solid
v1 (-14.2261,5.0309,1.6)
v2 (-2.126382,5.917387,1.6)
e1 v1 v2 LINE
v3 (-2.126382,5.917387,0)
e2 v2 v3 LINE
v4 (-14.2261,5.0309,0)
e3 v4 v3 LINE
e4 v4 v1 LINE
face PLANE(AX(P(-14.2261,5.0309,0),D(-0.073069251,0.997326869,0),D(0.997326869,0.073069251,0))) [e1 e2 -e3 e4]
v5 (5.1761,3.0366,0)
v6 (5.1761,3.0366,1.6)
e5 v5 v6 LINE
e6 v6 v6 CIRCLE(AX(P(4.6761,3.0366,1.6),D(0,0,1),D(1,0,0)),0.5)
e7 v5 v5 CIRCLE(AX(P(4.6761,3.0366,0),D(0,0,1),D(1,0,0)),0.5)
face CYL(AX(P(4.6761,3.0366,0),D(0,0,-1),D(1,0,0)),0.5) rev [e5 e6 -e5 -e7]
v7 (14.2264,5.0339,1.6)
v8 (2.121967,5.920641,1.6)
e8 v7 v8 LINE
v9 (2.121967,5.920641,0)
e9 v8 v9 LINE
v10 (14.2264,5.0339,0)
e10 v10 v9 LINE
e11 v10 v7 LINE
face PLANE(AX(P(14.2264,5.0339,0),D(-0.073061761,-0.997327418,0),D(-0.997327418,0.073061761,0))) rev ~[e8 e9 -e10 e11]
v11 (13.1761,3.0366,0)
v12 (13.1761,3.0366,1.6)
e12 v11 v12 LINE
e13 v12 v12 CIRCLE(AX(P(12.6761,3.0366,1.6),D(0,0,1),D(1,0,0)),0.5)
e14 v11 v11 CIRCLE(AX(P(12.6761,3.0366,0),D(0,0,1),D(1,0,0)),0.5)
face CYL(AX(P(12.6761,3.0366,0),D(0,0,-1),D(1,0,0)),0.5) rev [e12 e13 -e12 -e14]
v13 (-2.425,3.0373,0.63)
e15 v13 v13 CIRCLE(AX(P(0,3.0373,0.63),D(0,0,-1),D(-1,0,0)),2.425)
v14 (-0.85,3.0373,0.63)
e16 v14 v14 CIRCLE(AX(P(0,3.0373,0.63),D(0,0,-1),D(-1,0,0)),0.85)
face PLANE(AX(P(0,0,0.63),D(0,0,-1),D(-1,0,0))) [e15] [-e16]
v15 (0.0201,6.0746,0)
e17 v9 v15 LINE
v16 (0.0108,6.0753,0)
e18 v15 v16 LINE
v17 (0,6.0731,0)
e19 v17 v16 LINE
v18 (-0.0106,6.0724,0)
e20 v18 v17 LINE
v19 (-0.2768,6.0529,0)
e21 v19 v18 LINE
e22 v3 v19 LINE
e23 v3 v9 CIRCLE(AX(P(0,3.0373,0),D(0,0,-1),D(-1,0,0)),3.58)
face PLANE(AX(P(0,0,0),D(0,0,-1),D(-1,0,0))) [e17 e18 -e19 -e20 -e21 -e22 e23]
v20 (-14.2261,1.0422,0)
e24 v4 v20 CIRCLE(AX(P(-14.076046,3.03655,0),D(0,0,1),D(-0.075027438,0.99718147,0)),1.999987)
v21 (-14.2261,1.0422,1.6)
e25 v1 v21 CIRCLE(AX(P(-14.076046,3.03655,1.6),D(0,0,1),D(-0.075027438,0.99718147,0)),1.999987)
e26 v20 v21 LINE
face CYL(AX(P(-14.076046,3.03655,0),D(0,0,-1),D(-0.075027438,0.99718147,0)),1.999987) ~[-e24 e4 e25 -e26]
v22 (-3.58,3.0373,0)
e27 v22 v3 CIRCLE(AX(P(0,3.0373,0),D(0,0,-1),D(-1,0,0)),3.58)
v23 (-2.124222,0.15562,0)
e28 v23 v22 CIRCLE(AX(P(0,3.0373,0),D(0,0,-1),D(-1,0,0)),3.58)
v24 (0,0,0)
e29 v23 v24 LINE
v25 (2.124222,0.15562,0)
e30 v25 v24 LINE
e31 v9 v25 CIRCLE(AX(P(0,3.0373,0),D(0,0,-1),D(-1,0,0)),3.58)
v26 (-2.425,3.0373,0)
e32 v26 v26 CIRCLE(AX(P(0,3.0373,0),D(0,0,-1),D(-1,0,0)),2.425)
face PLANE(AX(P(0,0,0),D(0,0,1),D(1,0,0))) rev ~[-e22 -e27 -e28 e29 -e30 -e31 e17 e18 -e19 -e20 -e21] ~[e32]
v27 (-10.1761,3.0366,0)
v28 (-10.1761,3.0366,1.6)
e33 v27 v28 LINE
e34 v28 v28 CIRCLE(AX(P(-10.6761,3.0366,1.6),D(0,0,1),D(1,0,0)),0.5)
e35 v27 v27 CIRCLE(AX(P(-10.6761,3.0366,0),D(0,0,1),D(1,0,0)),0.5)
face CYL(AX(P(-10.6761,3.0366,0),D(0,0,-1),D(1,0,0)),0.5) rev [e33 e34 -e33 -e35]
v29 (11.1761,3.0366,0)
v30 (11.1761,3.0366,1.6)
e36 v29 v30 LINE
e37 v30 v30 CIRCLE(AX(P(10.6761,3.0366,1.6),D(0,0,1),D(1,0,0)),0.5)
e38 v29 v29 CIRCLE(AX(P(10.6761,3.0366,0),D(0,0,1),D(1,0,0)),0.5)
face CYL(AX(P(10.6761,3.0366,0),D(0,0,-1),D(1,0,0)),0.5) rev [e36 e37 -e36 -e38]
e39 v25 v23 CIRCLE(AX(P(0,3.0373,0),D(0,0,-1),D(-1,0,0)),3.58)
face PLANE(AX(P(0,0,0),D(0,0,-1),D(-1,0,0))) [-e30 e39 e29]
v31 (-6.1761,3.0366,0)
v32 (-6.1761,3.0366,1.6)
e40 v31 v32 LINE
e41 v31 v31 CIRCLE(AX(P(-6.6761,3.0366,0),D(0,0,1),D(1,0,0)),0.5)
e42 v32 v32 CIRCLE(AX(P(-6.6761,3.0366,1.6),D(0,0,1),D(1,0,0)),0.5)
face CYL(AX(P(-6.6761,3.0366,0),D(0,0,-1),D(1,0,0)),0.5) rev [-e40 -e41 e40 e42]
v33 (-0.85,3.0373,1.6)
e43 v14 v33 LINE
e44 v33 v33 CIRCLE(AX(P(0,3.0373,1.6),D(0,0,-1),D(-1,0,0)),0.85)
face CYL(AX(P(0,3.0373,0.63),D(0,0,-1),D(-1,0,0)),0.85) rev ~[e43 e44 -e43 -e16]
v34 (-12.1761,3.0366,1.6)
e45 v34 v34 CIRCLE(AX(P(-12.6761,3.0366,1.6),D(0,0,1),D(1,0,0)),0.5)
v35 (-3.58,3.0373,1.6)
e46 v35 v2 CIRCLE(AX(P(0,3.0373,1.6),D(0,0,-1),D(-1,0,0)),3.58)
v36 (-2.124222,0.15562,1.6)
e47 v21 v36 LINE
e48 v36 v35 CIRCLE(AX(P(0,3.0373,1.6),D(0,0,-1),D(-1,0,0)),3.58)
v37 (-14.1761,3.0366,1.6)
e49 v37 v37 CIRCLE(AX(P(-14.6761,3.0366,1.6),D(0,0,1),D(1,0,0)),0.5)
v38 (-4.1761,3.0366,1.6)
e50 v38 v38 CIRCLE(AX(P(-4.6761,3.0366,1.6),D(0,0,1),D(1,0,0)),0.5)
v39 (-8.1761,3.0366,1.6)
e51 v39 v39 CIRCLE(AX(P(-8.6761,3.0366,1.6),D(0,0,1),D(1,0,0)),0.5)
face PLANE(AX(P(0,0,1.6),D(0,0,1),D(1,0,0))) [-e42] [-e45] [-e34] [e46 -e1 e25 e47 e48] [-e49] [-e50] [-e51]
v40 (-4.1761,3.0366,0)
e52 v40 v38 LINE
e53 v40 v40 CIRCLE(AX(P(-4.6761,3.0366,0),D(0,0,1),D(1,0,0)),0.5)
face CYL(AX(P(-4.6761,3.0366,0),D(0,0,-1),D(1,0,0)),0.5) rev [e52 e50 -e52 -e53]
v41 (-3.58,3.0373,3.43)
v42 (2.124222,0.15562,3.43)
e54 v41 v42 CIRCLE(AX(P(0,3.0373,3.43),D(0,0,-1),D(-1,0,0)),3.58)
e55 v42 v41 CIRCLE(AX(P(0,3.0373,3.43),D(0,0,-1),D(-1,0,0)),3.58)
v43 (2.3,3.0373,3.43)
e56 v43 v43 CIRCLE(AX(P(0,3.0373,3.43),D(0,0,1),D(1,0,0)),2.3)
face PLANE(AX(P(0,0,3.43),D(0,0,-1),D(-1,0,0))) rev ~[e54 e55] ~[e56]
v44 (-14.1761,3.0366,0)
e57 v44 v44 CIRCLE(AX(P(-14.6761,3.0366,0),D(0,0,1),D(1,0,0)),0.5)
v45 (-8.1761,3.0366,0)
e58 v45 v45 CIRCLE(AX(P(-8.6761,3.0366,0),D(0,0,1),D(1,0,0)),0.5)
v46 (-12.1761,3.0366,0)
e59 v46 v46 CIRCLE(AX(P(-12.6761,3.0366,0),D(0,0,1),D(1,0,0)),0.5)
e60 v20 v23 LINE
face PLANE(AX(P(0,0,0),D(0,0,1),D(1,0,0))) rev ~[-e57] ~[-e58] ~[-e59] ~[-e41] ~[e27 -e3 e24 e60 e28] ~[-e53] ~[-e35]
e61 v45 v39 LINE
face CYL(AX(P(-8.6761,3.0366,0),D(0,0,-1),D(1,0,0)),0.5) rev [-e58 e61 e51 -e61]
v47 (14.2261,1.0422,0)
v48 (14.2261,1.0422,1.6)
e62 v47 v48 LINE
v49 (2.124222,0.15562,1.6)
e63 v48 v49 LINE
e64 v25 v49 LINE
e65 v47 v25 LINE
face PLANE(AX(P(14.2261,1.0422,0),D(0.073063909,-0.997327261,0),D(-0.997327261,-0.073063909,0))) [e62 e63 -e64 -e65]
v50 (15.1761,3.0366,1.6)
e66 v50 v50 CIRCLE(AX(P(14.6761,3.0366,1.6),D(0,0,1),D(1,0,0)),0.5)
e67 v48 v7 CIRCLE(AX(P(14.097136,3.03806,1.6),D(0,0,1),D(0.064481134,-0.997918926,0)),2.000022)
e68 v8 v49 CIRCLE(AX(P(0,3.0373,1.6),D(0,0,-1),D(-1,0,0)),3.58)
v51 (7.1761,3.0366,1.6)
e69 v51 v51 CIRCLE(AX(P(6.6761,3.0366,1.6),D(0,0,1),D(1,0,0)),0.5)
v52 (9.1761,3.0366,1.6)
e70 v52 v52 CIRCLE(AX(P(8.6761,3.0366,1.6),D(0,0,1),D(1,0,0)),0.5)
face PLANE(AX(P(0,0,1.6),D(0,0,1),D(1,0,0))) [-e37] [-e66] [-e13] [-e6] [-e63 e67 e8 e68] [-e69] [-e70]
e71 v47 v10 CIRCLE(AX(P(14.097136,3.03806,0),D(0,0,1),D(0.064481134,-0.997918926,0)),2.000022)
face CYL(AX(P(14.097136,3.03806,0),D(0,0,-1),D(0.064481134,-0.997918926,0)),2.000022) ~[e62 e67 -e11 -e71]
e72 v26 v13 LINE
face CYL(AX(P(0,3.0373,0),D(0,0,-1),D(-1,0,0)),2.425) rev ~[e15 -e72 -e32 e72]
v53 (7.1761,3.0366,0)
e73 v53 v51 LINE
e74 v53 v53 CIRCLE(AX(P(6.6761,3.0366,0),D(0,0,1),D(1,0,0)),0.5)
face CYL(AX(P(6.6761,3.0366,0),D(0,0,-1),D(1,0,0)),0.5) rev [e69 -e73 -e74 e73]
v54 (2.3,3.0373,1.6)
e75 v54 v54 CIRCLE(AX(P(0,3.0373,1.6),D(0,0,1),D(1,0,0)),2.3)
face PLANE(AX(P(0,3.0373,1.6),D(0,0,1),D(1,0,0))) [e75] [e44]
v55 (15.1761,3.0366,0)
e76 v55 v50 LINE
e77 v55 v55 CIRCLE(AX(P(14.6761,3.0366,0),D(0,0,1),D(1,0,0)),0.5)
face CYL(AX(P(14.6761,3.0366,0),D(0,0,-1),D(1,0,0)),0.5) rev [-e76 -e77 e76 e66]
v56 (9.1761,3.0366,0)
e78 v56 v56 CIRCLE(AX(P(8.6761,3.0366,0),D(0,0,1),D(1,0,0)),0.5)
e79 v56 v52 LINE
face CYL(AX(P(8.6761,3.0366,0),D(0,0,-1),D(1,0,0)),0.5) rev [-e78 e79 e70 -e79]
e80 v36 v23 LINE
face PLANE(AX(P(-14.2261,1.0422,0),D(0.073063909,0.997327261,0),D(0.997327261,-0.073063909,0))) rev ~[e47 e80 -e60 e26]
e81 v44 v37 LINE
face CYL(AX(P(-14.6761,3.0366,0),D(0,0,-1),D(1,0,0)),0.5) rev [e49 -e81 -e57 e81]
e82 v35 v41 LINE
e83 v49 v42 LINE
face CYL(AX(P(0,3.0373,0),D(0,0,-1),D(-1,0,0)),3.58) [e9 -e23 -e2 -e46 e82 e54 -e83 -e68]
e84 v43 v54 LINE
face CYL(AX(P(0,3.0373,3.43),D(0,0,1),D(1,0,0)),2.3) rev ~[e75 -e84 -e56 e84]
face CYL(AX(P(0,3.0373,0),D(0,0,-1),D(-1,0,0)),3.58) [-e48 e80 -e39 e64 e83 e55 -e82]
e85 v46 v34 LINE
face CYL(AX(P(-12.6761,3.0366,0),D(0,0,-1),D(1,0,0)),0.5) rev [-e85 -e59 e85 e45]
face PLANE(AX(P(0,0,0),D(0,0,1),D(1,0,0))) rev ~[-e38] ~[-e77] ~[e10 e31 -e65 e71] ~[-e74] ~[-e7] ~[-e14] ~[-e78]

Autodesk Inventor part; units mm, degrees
ref_plane "YZ Plane" through (0, 0, 0) normal (1, 0, 0) x (0, 1, 0)
ref_plane "XZ Plane" through (0, 0, 0) normal (0, 1, 0) x (-1, 0, 0)
ref_plane "XY Plane" through (0, 0, 0) normal (0, 0, 1) x (1, 0, 0)
sketch "Boceto1" plane through (0, 0, 0) normal (0, 0, 1) x (1, 0, 0)
  arc A0 (-14.2261, 5.0309) -> (-14.2261, 1.0422) centre (-14.0761, 3.0366) ccw
  line L0 (-14.2261, 5.0309) -> (-0.0106, 6.0724)
  line L1 (-14.2261, 1.0422) -> (0, 0)
  circle A1 centre (-14.6761, 3.0366) radius 0.5
  circle A2 centre (-12.6761, 3.0366) radius 0.5
  circle A3 centre (-10.6761, 3.0366) radius 0.5
  circle A4 centre (-8.6761, 3.0366) radius 0.5
  circle A5 centre (-6.6761, 3.0366) radius 0.5
  circle A6 centre (-4.6761, 3.0366) radius 0.5
  line L2 (-0.2768, 6.0529) -> (0, 6.0731)
  arc A7 (14.2261, 1.0422) -> (14.2264, 5.0339) centre (14.0972, 3.038) ccw
  line L3 (14.2264, 5.0339) -> (0.0108, 6.0753)
  line L4 (14.2261, 1.0422) -> (0, 0)
  circle A8 centre (14.6761, 3.0366) radius 0.5
  circle A9 centre (12.6761, 3.0366) radius 0.5
  circle A10 centre (10.6761, 3.0366) radius 0.5
  circle A11 centre (8.6761, 3.0366) radius 0.5
  circle A12 centre (6.6761, 3.0366) radius 0.5
  circle A13 centre (4.6761, 3.0366) radius 0.5
  line L5 (0, 6.0731) -> (0.0201, 6.0746)
  point P0 (0, 0)
  dimension "d10" = 2
  dimension "d13" = 10
extrude "Extrusión1" add sketch "Boceto1" along normal blind 1.6
sketch "Boceto2" plane through (0, 0, 0) normal (0, 0, -1) x (-1, 0, 0)
  line L0 (0, 0) -> (-14.2261, 1.0422) projected
  circle A0 centre (0, 3.0373) radius 3.58
  point P0 (-0.0201, 6.0746)
extrude "Extrusión2" add sketch "Boceto2" against normal blind 3.43
sketch "Boceto3" plane through (0, 0, 0) normal (0, 0, -1) x (-1, 0, 0)
  arc A0 (2.1264, 5.9174) -> (-2.122, 5.9206) centre (0, 3.0373) ccw projected
  circle A1 centre (0, 3.0373) radius 2.425
  point P0 (0, 0)
extrude "Extrusión3" cut sketch "Boceto3" against normal blind 0.63
sketch "Boceto4" plane through (0, 3.0373, 0.63) normal (0, 0, -1) x (-1, 0, 0)
  circle A0 centre (0, 0) radius 0.85
  point P0 (0, -3.0373)
extrude "Extrusión4" cut sketch "Boceto4" against normal through all
sketch "Boceto5" plane through (0, 3.0373, 3.43) normal (0, 0, 1) x (1, 0, 0)
  circle A0 centre (0, 0) radius 2.3
  point P0 (0, -3.0373)
extrude "Extrusión5" cut sketch "Boceto5" against normal blind 1.83
equation "\"Radio_pliegue\" = Grosor"
equation "\"Anchura_desahogo_plegado\" = Grosor"
equation "\"Profundidad_desahogo_plegado\" = 0.5 * Grosor"
equation "\"Tamaño_destalonado\" = 4 * Grosor"
equation "\"Remanente_mínimo\" = 2 * Grosor"
equation "\"Radiodetransición\" = Radio_pliegue"
equation "\"Tamaño_de_radio_de_Jacobi\" = Radio_pliegue"
equation "\"TamañoSeparación\" = Grosor"
equation "\"Grosor\" = 0.5"
properties part number "cosito servo"
